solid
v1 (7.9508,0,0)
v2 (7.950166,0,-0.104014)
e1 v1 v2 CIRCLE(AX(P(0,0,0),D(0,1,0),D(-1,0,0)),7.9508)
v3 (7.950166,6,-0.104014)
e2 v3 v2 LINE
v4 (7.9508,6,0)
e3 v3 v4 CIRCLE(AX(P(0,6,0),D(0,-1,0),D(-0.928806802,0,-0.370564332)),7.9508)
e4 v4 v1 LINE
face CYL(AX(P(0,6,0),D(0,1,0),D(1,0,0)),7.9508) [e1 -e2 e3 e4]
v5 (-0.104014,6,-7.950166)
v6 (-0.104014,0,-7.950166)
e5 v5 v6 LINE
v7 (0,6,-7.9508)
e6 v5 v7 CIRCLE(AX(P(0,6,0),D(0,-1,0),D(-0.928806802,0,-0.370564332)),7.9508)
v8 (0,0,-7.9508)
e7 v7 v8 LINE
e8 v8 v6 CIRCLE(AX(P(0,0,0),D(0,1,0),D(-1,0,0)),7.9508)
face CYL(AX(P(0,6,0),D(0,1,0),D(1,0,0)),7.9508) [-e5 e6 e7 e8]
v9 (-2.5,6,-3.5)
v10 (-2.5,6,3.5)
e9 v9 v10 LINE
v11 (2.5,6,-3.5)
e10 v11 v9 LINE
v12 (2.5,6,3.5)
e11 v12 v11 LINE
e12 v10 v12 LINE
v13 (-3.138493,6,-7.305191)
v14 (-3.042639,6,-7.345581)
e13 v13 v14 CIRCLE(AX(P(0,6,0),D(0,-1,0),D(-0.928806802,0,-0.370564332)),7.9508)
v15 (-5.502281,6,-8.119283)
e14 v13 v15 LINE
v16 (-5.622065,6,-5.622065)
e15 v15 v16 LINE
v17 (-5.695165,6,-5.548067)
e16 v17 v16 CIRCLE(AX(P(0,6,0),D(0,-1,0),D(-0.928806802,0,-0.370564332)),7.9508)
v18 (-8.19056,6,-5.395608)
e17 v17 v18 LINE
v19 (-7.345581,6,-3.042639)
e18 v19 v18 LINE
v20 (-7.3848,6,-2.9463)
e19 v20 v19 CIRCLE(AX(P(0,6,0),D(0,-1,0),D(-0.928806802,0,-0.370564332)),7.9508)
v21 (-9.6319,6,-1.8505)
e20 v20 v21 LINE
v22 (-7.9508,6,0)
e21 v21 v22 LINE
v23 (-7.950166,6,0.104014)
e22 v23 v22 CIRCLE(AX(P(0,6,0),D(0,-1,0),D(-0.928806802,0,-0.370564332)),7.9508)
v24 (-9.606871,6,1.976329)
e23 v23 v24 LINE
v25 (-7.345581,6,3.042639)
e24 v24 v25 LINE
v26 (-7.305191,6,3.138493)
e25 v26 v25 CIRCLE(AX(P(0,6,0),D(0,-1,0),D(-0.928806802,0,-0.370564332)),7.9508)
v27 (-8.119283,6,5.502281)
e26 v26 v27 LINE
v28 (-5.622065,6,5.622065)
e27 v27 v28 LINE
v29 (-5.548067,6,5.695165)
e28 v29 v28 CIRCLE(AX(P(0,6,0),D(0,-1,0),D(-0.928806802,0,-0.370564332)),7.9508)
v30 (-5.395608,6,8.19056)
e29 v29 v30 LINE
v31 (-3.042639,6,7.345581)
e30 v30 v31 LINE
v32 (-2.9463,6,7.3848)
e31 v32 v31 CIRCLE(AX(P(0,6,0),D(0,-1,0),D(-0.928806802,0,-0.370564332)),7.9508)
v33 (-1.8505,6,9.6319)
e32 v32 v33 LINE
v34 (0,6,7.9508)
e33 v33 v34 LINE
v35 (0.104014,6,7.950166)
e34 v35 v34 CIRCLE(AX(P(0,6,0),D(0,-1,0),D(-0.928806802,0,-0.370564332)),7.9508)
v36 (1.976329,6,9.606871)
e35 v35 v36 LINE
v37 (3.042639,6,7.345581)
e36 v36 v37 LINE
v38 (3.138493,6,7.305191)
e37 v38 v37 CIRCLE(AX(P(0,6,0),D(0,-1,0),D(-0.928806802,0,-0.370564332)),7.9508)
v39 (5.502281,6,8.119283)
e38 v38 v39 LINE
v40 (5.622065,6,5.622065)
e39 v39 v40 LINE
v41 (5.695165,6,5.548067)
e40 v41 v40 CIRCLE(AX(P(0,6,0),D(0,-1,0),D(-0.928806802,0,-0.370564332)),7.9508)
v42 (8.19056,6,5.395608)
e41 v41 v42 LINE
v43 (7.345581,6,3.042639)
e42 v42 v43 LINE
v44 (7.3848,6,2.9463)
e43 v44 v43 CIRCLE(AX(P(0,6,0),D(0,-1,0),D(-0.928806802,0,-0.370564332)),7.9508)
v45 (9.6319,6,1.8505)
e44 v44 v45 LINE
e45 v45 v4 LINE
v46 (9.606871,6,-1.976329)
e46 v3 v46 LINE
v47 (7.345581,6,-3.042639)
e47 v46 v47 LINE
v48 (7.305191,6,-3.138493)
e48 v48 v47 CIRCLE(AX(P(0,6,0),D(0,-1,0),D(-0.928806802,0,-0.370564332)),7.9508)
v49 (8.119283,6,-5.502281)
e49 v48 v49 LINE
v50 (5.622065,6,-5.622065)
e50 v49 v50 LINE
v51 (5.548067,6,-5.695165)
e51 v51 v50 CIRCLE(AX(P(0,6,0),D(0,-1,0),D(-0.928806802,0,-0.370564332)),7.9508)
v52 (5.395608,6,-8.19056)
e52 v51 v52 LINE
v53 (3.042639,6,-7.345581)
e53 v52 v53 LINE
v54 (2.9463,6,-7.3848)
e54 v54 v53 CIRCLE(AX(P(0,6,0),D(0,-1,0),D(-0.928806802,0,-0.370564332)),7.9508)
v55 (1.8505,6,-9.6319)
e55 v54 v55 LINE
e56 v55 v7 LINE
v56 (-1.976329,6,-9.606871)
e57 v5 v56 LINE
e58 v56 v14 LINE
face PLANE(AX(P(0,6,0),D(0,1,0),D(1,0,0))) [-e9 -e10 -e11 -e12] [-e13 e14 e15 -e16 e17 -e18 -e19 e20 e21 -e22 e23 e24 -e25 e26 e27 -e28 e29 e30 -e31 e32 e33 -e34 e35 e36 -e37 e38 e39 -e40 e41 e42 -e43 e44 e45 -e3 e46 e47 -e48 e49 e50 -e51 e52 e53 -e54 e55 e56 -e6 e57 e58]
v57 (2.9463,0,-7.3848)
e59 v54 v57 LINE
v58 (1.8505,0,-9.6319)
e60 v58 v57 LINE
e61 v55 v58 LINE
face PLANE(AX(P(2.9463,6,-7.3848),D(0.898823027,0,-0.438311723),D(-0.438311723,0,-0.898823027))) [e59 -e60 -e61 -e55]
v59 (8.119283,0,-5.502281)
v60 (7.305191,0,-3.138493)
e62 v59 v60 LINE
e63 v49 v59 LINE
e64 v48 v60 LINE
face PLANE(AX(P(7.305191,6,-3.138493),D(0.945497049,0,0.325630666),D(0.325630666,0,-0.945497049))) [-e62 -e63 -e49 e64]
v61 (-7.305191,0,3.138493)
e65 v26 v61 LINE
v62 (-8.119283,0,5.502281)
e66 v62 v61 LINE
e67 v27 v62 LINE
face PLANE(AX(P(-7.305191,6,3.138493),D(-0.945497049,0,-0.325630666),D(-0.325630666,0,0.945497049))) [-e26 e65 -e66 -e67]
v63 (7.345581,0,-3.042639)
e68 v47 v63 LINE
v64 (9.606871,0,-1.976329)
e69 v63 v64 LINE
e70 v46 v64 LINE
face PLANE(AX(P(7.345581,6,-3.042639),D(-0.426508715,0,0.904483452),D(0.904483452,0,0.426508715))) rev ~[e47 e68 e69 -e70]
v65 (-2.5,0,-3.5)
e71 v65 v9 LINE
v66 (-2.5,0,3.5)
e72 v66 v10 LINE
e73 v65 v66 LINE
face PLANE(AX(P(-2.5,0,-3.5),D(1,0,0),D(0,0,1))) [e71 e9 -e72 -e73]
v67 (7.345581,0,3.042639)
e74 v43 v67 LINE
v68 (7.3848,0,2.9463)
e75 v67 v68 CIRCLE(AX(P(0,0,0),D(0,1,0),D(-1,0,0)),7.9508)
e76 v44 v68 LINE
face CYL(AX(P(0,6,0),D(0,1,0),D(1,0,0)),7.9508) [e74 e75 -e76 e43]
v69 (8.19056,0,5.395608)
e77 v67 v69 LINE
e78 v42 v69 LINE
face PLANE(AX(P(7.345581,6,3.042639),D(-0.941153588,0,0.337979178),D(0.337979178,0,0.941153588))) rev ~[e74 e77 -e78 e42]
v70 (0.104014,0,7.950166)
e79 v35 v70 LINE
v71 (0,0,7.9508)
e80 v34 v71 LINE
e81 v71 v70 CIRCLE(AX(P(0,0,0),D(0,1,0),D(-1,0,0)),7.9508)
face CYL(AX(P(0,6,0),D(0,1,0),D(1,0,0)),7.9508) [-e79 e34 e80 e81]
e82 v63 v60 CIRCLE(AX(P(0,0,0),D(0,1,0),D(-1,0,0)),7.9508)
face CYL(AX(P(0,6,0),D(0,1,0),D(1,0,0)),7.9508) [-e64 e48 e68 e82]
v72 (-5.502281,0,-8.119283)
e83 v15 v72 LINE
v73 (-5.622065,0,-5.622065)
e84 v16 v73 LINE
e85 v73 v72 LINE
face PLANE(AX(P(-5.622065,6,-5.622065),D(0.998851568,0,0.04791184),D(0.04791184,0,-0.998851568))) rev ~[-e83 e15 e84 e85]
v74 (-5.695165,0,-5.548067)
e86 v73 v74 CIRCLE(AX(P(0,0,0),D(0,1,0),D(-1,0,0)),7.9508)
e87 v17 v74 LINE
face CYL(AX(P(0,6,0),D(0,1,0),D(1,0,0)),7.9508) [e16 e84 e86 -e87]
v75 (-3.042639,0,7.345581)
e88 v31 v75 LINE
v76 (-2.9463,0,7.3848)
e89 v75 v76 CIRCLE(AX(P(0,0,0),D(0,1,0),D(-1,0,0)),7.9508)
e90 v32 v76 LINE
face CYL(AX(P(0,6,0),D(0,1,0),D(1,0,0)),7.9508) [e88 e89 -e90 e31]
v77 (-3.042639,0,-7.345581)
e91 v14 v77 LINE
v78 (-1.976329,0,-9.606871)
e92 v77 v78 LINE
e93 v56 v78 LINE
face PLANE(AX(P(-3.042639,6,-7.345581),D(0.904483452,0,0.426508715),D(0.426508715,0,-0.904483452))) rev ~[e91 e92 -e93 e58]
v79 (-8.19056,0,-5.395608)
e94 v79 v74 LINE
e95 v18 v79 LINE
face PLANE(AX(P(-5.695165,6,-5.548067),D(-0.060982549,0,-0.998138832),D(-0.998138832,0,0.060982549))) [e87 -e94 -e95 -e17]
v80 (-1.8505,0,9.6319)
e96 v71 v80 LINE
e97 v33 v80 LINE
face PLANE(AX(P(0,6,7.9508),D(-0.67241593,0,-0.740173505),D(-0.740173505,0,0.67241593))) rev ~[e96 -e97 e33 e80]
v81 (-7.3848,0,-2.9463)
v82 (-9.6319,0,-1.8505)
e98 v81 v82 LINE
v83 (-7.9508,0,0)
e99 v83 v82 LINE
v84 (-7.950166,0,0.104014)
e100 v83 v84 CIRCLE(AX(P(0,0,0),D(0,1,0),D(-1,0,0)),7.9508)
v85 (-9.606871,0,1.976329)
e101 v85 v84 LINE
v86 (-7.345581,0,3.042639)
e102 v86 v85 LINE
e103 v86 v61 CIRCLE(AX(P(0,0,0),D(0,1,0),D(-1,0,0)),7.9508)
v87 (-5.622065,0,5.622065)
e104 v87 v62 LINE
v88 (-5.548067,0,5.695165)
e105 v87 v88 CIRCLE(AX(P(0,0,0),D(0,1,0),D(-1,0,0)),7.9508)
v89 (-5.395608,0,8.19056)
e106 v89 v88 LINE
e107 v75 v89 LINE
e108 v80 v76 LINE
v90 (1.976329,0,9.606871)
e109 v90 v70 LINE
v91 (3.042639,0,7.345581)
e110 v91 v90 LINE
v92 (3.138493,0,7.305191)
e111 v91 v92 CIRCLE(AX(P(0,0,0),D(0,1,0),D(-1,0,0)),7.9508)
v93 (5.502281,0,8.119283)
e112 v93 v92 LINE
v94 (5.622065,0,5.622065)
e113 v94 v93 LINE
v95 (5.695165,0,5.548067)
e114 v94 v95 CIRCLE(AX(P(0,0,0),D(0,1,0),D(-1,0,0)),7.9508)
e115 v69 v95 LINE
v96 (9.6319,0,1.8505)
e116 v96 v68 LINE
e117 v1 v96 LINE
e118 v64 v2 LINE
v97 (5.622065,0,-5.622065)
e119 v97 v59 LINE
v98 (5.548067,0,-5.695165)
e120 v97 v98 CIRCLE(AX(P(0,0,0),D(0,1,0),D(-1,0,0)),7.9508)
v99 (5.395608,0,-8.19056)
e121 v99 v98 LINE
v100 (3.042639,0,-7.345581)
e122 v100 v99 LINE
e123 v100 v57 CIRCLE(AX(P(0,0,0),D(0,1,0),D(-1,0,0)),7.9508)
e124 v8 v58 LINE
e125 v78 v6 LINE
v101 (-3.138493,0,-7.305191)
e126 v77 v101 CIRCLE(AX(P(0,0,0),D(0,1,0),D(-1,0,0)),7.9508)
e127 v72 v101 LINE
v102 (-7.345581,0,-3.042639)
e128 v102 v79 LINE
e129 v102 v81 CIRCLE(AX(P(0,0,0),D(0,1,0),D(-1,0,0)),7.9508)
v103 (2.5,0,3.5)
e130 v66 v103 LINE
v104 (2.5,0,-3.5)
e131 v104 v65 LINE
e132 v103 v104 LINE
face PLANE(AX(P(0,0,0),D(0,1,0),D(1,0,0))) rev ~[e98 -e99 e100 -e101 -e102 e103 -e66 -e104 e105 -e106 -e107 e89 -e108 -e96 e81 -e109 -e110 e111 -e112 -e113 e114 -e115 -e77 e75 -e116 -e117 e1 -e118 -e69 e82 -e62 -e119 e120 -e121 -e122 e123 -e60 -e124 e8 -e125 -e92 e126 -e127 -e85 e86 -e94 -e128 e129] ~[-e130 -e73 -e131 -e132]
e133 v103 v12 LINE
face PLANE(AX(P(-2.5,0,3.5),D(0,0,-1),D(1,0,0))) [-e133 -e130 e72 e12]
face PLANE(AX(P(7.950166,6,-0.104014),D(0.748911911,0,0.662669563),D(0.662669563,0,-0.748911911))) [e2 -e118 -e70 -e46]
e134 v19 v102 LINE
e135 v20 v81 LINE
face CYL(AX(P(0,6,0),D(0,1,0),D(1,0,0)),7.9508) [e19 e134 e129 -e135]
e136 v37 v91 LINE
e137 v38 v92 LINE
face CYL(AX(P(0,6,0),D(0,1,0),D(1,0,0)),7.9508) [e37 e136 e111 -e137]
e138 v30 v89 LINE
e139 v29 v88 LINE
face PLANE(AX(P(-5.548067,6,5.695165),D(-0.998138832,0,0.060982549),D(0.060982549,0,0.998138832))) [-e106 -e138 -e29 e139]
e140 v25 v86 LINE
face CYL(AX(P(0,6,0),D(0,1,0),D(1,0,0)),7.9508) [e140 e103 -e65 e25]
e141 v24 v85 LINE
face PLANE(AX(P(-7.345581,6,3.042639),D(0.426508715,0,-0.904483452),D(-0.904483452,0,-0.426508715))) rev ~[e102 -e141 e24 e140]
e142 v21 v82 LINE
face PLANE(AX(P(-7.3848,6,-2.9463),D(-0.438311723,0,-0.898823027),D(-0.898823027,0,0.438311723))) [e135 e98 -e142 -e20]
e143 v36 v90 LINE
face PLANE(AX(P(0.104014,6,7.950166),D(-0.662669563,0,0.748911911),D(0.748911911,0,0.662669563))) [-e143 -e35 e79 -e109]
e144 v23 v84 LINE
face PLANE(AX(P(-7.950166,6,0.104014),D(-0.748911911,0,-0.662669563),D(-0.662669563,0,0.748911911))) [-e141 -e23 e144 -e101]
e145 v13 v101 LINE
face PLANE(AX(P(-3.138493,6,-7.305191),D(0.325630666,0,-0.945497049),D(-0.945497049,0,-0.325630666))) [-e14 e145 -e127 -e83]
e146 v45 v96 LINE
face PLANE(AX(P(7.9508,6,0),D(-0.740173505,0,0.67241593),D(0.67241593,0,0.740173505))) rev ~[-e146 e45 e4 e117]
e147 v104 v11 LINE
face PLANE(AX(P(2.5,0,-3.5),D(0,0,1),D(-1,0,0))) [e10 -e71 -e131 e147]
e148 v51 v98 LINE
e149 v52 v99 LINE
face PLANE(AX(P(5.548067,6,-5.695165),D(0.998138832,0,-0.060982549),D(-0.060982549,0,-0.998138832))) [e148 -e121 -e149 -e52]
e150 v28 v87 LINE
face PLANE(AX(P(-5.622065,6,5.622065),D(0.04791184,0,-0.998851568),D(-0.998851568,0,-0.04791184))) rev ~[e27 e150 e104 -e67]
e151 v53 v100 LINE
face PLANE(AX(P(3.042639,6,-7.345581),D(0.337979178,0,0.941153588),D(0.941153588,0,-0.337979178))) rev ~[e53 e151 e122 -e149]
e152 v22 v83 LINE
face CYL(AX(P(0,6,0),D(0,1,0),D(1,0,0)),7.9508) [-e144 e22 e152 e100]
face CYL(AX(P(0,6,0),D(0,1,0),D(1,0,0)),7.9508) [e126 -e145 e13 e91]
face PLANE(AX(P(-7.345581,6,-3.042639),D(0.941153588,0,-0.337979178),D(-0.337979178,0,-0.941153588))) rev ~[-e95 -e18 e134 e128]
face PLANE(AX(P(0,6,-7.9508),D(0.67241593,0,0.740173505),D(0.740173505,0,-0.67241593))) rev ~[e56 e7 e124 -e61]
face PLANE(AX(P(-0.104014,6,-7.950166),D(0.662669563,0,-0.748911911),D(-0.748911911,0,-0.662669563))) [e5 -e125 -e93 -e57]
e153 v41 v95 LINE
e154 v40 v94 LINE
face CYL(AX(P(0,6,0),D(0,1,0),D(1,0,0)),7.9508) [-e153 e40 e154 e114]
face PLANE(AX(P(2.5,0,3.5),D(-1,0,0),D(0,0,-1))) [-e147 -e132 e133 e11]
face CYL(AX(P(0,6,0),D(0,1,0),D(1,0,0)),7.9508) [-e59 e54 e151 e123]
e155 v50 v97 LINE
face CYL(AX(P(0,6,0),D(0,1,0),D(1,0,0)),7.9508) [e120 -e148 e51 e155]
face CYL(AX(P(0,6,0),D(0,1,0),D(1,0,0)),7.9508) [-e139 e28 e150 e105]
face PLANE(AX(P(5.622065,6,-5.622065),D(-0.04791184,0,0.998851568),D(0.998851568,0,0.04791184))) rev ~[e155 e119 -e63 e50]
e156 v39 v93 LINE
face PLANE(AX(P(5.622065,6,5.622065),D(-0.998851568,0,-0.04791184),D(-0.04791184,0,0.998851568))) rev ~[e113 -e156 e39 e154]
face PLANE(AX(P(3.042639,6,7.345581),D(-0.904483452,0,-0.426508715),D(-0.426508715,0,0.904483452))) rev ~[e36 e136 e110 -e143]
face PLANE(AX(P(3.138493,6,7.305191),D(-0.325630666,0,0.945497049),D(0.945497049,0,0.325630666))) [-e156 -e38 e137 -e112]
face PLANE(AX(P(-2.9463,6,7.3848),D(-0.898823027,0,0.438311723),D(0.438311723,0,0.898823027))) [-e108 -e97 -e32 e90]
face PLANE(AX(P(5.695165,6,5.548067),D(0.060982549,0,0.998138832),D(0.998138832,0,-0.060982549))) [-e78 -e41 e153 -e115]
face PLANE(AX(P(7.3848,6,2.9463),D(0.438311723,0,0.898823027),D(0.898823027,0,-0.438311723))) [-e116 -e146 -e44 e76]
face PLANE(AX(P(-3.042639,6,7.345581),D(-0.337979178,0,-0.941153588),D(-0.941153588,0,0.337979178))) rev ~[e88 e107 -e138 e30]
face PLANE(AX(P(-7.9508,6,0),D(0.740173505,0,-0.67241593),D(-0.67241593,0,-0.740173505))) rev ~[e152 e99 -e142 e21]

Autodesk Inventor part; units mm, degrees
ref_plane "YZ Plane" through (0, 0, 0) normal (1, 0, 0) x (0, 1, 0)
ref_plane "XZ Plane" through (0, 0, 0) normal (0, 1, 0) x (-1, 0, 0)
ref_plane "XY Plane" through (0, 0, 0) normal (0, 0, 1) x (1, 0, 0)
sketch "Sketch1" plane through (0, 0, 0) normal (0, 1, 0) x (-1, 0, 0)
  line L0 (-3.5, -3.5) -> (0.1946, -3.5) construction
  arc A0 (-5.4544, -2.5) -> (3.5, 4.8734) centre (0, 0) ccw
  line L1 (0, -6) -> (0, -7)
  line L2 (0, -7) -> (1.3359, -5.4079)
  line L3 (0, -7) -> (2.0783, -7) construction
  line L4 (0, -7) -> (-1.4433, -5.2799)
  line L5 (0, -7) -> (2.2454, -7) construction
  circle A1 centre (0, 0) radius 6
  arc A2 (-0.4195, -6.5) -> (0.4195, -6.5) centre (0, -6.228) ccw
  line L6 (2.5, 3.5) -> (-2.5, 3.5)
  line L7 (-2.5, 3.5) -> (-2.5, -3.5)
  line L8 (-2.5, -3.5) -> (2.5, -3.5)
  line L9 (2.5, -3.5) -> (2.5, 3.5)
  point P0 (-204.25, 70)
  point P1 (-7, 0)
  point P2 (-200.75, 67.5)
  point P3 (-0.8955, -5.9328)
  point P4 (0.8955, -5.9328)
  point P5 (-0.3407, -6.594)
  point P6 (0.3407, -6.594)
  point P7 (3.5, 4.8734)
  point P8 (-5.4544, -2.5)
  dimension "d0" = 1
  dimension "d1" = 50
  dimension "d2" = 130
  dimension "d3" = 0.5
  dimension "d6" = 7
  dimension "d7" = 5
  dimension "d8" = 3.5
  dimension "d9" = 2.5
extrude "Extrusion1" add sketch "Sketch1" along normal blind 6 contours A0 A1
sketch "Sketch2" plane through (0, 6, 0) normal (0, 1, 0) x (1, 0, 0)
  arc A0 (-5.4544, -2.5) -> (3.5, 4.8734) centre (0, 0) ccw
  line L0 (0, -6) -> (0, -7)
  line L1 (0, -7) -> (1.3359, -5.4079)
  line L2 (0, -7) -> (2.0783, -7) construction
  line L3 (0, -7) -> (-1.4433, -5.2799)
  line L4 (0, -7) -> (2.2454, -7) construction
  circle A1 centre (0, 0) radius 6
  arc A2 (-0.4195, -6.5) -> (0.4195, -6.5) centre (0, -6.228) ccw
  point P0 (-200.75, 67.5)
  point P1 (-0.8955, -5.9328)
  point P2 (0.8955, -5.9328)
  point P3 (-0.3407, -6.594)
  point P4 (0.3407, -6.594)
  point P5 (-0.3407, -6.594)
  point P6 (0.3407, -6.594)
  point P7 (0.8955, -5.9328)
  point P8 (-0.8955, -5.9328)
  dimension "d12" = 1
  dimension "d13" = 50
  dimension "d14" = 130
  dimension "d15" = 0.5
extrude "Extrusion2" add sketch "Sketch2" against normal blind 2 contours L3 A0 L0 A2 | L1 A2 L0 A0
pattern_circular "Circular Pattern1" count 21 over 360 about axis through (0, 0, 0) along (0, 1, 0) of "Extrusion2"
sketch "Sketch3" plane through (0, 6, 0) normal (0, 1, 0) x (1, 0, 0)
  circle A0 centre (0, 0) radius 7.9508
  circle A1 centre (0, 0) radius 4.6059
extrude "Extrusion3" add sketch "Sketch3" against normal blind 6
sketch "Sketch4" plane through (0, 6, 0) normal (0, 1, 0) x (1, 0, 0)
  circle A0 centre (0, 0) radius 7.9508 projected
  line L0 (-7.9508, 0) -> (-7.3848, 2.9463)
  line L1 (-7.9508, 0) -> (-10.7252, 0.533)
  line L2 (-7.3848, 2.9463) -> (-10.1592, 3.4793)
  line L3 (-7.6678, 1.4731) -> (-9.6319, 1.8505)
  line L4 (-7.9508, 0) -> (-9.6319, 1.8505)
  line L5 (-7.3848, 2.9463) -> (-9.6319, 1.8505)
  arc A1 (-8.5083, 2.3984) -> (-8.7914, 0.9252) centre (-8.1829, 1.5721) ccw
  point P0 (-8.6335, 2.3373)
  point P1 (-8.885, 1.0283)
extrude "Extrusion4" add sketch "Sketch4" against normal blind 6 contours L4 L3 A1 | L5 A0 L3 A1 | L4 A1 L3 A0 | A1 L3 L5
pattern_circular "Circular Pattern2" count 16 over 360 about axis through (0, 6, 0) along (0, -1, 0) of "Extrusion4"
sketch "Sketch5" plane through (0, 6, 0) normal (0, 1, 0) x (1, 0, 0)
  point P0 (0, 0)
equation "\"d8\" = 0.5 * d6"
equation "\"d9\" = 0.5 * d7"
equation "\"BendRadius\" = Thickness"
equation "\"BendReliefWidth\" = Thickness"
equation "\"BendReliefDepth\" = 0.5 * Thickness"
equation "\"CornerReliefSize\" = 4 * Thickness"
equation "\"MinimumRemnant\" = 2 * Thickness"
equation "\"TransitionRadius\" = BendRadius"
equation "\"JacobiRadiusSize\" = BendRadius"
equation "\"GapSize\" = Thickness"
equation "\"Thickness\" = 0.5"
properties part number "modelGateGear"
